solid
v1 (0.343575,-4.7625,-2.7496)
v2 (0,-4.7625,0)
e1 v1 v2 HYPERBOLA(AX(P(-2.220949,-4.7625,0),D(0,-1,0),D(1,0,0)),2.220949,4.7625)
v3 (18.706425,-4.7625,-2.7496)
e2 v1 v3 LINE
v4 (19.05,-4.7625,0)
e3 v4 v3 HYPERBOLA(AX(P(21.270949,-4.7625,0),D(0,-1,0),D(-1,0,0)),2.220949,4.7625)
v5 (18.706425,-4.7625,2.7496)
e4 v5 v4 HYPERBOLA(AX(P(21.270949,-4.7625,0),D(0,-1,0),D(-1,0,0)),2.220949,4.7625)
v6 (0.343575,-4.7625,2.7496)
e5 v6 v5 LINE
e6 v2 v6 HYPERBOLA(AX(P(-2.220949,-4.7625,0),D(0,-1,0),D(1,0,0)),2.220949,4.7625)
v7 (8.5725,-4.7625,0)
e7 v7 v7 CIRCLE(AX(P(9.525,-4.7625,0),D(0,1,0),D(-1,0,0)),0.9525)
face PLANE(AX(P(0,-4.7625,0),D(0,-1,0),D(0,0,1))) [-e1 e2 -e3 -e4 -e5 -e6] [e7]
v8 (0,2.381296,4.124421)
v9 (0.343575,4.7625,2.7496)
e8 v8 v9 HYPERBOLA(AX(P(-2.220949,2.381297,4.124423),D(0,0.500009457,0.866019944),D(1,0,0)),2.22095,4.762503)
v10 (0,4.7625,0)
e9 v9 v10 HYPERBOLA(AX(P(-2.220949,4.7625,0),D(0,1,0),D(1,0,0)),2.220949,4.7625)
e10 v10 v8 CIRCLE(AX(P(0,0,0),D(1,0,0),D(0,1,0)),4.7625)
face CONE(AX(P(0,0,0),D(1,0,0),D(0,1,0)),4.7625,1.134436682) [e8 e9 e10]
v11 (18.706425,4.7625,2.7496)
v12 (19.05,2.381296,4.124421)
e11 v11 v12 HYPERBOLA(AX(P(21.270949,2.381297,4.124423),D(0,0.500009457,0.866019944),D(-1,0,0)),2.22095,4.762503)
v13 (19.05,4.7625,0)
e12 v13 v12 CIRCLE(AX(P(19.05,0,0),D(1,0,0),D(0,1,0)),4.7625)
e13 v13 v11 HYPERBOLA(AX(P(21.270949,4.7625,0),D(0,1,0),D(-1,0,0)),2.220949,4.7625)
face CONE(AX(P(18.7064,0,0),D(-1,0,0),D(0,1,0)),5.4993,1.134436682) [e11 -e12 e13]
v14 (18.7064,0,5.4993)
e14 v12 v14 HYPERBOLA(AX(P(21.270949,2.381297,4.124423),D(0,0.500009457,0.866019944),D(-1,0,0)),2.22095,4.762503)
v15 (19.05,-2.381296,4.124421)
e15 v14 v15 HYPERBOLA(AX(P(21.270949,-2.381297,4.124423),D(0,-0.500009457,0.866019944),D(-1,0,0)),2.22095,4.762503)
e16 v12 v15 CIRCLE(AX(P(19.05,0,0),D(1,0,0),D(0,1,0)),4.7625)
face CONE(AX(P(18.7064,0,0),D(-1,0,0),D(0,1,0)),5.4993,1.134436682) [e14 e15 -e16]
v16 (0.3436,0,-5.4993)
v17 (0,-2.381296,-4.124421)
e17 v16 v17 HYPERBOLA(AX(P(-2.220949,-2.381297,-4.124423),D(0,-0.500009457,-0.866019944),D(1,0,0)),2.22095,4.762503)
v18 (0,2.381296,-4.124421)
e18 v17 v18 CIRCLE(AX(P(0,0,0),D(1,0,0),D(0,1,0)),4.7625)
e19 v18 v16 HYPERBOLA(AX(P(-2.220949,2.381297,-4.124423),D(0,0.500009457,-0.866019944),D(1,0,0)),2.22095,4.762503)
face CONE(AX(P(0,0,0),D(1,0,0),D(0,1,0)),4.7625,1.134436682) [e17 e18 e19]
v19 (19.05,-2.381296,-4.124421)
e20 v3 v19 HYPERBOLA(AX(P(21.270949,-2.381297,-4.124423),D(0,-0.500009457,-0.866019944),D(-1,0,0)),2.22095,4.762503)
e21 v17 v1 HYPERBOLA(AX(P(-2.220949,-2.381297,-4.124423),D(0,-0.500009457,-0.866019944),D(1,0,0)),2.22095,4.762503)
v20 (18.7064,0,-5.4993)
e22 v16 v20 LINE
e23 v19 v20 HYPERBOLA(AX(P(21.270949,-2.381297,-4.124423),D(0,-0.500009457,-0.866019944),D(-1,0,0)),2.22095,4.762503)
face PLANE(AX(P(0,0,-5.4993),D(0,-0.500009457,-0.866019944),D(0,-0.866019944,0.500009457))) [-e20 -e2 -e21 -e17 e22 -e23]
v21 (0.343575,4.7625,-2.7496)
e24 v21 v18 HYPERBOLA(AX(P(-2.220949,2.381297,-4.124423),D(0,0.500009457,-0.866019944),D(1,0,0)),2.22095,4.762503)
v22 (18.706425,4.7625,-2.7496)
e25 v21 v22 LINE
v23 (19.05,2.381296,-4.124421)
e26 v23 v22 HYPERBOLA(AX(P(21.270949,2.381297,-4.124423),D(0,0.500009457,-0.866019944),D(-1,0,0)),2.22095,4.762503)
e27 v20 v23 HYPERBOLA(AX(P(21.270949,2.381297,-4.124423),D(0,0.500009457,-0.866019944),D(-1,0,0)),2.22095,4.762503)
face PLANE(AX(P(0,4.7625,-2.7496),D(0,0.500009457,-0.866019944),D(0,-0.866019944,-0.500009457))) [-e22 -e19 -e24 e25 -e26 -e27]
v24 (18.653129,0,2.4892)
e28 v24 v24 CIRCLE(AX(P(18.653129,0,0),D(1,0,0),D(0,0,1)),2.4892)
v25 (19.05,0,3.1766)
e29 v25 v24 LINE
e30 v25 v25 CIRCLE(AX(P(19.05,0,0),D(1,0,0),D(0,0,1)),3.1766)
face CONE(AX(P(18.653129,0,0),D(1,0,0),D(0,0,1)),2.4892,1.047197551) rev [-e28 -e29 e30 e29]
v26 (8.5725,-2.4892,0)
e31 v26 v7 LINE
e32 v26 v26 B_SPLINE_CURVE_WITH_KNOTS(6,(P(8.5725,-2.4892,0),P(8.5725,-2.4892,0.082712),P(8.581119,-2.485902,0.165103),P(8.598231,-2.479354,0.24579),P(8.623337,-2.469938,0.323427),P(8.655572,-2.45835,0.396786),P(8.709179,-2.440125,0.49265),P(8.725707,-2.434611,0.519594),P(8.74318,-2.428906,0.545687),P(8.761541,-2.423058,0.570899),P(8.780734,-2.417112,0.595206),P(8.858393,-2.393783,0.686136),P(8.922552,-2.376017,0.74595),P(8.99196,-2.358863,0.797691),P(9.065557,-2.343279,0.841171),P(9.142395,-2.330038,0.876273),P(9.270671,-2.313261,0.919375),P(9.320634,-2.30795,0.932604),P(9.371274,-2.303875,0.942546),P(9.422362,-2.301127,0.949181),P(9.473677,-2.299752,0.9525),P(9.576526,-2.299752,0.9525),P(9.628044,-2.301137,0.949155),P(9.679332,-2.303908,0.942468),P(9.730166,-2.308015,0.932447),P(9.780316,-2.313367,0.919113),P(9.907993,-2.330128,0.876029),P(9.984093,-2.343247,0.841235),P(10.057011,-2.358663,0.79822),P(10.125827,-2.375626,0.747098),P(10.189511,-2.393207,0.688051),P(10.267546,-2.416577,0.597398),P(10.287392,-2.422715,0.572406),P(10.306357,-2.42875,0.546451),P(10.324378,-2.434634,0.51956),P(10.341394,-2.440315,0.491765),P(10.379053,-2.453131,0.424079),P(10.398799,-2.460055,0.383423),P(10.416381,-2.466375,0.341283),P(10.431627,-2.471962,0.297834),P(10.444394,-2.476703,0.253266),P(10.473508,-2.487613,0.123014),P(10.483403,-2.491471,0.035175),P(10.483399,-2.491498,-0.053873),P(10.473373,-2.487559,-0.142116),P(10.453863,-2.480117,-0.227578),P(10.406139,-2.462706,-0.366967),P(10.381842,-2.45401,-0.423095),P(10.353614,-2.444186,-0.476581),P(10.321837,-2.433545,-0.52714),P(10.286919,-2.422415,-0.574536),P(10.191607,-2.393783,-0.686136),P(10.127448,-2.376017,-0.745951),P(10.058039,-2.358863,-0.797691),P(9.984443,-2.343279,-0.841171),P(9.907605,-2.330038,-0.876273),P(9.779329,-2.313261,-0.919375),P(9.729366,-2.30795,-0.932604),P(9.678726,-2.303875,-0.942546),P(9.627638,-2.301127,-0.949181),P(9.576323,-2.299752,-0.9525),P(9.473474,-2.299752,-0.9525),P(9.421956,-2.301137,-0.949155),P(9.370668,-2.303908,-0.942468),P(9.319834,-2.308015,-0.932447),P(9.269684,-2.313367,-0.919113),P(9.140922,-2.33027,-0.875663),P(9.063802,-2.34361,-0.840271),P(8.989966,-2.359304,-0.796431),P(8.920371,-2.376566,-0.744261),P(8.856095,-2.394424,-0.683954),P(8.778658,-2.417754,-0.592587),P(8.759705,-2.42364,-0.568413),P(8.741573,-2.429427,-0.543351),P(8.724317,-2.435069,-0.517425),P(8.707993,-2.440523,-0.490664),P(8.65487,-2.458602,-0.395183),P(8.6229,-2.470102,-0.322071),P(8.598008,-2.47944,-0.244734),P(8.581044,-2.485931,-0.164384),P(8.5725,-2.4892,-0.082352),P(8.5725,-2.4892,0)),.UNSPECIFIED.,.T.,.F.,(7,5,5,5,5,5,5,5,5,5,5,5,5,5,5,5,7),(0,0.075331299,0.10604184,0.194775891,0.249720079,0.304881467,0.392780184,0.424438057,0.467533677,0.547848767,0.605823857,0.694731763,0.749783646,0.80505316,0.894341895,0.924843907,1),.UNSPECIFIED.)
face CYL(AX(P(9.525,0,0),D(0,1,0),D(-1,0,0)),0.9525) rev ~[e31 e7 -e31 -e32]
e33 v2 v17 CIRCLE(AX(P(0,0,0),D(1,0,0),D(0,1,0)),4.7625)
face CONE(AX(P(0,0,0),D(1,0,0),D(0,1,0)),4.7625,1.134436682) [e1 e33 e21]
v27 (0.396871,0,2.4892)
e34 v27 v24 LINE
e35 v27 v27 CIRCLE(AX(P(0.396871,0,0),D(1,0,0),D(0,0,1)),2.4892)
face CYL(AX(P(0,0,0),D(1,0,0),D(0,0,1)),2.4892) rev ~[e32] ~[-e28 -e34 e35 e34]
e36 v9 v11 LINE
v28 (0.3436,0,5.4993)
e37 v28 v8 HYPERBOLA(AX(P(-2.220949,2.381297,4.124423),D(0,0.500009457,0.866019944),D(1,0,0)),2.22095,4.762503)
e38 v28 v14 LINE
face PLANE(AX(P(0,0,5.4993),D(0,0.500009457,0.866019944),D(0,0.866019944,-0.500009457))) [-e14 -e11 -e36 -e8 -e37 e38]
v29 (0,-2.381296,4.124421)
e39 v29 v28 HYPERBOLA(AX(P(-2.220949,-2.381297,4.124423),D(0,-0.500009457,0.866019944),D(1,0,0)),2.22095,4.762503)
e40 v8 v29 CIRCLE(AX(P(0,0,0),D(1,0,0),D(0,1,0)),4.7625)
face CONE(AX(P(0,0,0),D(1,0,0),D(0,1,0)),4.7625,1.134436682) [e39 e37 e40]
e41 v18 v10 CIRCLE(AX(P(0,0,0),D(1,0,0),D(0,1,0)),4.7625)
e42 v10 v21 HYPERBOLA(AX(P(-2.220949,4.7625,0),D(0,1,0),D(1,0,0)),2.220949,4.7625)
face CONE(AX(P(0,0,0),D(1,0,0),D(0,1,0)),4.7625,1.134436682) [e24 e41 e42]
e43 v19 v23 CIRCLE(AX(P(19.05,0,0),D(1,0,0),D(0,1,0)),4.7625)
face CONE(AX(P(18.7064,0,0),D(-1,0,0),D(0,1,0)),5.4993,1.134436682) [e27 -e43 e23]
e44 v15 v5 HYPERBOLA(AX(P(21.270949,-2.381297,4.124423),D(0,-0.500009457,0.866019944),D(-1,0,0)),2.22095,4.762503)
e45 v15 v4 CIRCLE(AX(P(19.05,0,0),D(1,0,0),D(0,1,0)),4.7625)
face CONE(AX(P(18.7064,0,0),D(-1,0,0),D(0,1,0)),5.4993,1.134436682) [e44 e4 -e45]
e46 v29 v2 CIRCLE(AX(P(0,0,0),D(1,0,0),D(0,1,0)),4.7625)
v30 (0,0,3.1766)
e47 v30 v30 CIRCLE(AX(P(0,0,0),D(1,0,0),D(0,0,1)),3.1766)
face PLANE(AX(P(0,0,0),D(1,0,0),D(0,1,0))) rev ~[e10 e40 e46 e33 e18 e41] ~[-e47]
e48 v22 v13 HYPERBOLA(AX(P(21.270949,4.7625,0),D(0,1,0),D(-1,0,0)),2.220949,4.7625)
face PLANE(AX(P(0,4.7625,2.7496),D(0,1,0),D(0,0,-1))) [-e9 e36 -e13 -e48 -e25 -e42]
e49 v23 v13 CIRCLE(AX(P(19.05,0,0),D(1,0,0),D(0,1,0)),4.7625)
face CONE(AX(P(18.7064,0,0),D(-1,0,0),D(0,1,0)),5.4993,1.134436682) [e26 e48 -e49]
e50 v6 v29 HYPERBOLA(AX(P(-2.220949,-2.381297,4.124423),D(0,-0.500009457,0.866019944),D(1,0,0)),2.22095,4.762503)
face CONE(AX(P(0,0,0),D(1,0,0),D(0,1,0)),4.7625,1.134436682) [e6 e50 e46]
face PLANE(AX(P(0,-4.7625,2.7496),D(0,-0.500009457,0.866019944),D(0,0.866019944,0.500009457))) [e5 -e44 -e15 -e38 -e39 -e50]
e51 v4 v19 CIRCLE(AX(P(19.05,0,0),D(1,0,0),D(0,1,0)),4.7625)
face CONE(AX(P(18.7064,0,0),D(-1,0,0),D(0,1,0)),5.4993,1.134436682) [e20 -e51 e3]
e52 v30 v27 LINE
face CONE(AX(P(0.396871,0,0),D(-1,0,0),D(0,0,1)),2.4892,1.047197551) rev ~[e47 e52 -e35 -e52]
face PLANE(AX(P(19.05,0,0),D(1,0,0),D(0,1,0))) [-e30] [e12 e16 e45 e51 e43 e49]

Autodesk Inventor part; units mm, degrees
ref_plane "YZ Plane" through (0, 0, 0) normal (1, 0, 0) x (0, 1, 0)
ref_plane "XZ Plane" through (0, 0, 0) normal (0, 1, 0) x (-1, 0, 0)
sketch "Sketch1" plane through (0, 0, 0) normal (1, 0, 0) x (0, 1, 0)
  line L0 (-6.6675, 0) -> (6.6675, 0) projected
  line L1 (0, -7.699) -> (0, 7.699) projected
  line L2 (0, 5.4993) -> (4.7625, 2.7496)
  line L3 (4.7625, 2.7496) -> (4.7625, -2.7496)
  line L4 (4.7625, -2.7496) -> (0, -5.4993)
  line L5 (0, -5.4993) -> (-4.7625, -2.7496)
  line L6 (-4.7625, -2.7496) -> (-4.7625, 2.7496)
  line L7 (-4.7625, 2.7496) -> (0, 5.4993)
  point P0 (0, 0)
  dimension "d40" = 9.525
extrude "Body" add sketch "Sketch1" along normal blind 19.05
sketch "Sketch2" plane through (0, 0, 0) normal (-1, 0, 0) x (0, 0, 1)
  line L0 (0, -6.6675) -> (0, 6.6675) projected
  line L1 (-7.699, 0) -> (7.699, 0) projected
  point P0 (0, 0)
hole "Thread" at (0, 0, 0) direction (1, 0, 0) diameter 4.9784 end through all thread size "1/4-20 UNC" class "2B" standard "ANSI Unified Screw Threads"
sketch "Sketch3" plane through (0, 0, 0) normal (0, 0, 1) x (1, 0, 0)
  line L0 (-3.81, 0) -> (22.86, 0) projected
  line L1 (0, 0) -> (0, 4.7625) projected
  line L2 (19.05, 0) -> (19.05, 4.7625) projected
  line L3 (0, 4.7625) -> (19.05, 4.7625) construction
  line L4 (0, 5.4993) -> (0, 4.7625)
  line L5 (0, 4.7625) -> (0.3436, 5.4993)
  line L6 (0.3436, 5.4993) -> (0, 5.4993)
  line L7 (19.05, 4.7625) -> (19.05, 5.4993)
  line L8 (19.05, 5.4993) -> (18.7064, 5.4993)
  line L9 (18.7064, 5.4993) -> (19.05, 4.7625)
  line L10 (0.3436, 5.4993) -> (18.7064, 5.4993)
  line L11 (0, 4.7625) -> (19.05, 4.7625)
  line L12 (0, 0) -> (19.05, 0) projected
  dimension "d45" = 9.525
  dimension "d46" = 10.9985
  dimension "d47" = 25
  dimension "d48" = 25
revolve "Chamfer1" cut sketch "Sketch3" angle 360 about axis through (-10, 0, 0) along (1, 0, 0) contours L4 L6 L5 | L9 L8 L7
chamfer "Chamfer2" distance 0.6874 angle 30 1 edges at (0, 0, -2.4892) measured on face at (0, 2.8968, -2.7339)
chamfer "Chamfer3" distance 0.6874 angle 30 1 edges at (19.05, 0, -2.4892) measured on face at (19.05, 2.8968, -2.7339)
sketch "Sketch4" plane through (0, 0, 0) normal (0, 1, 0) x (-1, 0, 0)
  line L0 (0, -1.3335) -> (0, 1.3335) projected
  line L1 (-8.1915, 0) -> (-10.8585, 0) projected
  circle A0 centre (-9.525, 0) radius 0.9525
  dimension "d36" = 1.905
  dimension "d37" = 9.525
extrude "Hole" cut sketch "Sketch4" against normal through all
ref_plane "Work Plane1" through (23.9707, 0, 0) normal (0, 1, 0) x (-1, 0, 0)
equation "\"d40\" = SW"
equation "\"d1\" = KOH"
equation "\"d8\" = -0.5 * GD1 + 0.5 * NND"
equation "\"d49\" = -0.5 * GD1 + 0.5 * NND"
equation "\"d10\" = -0.5 * GD1 + 0.5 * NND"
equation "\"d50\" = -0.5 * GD1 + 0.5 * NND"
equation "\"d36\" = BOR"
equation "\"d37\" = 0.5 * KOH"
equation "\"d45\" = SW0"
equation "\"d46\" = 1.1547 * SW"
equation "\"d47\" = ANG1"
equation "\"d48\" = ANG2"
equation "\"ANG1\" = 25deg"
equation "\"ANG2\" = 25deg"
equation "\"NND\" = 6.35"
equation "\"KOH\" = 19.05"
equation "\"SW\" = 9.525"
equation "\"SW0\" = SW"
equation "\"SW01\" = SW"
equation "\"BOR\" = 1.905"
equation "\"THREADDIA\" = 6.35"
equation "\"TOA\" = 30deg"
equation "\"DIST\" = 0.5 * KOH"
equation "\"E0\" = 1.155 * SW"
equation "\"GD1\" = 4.975185"
properties part number "IFI 128 - 1/4 - 20" material "Steel, Mild"
